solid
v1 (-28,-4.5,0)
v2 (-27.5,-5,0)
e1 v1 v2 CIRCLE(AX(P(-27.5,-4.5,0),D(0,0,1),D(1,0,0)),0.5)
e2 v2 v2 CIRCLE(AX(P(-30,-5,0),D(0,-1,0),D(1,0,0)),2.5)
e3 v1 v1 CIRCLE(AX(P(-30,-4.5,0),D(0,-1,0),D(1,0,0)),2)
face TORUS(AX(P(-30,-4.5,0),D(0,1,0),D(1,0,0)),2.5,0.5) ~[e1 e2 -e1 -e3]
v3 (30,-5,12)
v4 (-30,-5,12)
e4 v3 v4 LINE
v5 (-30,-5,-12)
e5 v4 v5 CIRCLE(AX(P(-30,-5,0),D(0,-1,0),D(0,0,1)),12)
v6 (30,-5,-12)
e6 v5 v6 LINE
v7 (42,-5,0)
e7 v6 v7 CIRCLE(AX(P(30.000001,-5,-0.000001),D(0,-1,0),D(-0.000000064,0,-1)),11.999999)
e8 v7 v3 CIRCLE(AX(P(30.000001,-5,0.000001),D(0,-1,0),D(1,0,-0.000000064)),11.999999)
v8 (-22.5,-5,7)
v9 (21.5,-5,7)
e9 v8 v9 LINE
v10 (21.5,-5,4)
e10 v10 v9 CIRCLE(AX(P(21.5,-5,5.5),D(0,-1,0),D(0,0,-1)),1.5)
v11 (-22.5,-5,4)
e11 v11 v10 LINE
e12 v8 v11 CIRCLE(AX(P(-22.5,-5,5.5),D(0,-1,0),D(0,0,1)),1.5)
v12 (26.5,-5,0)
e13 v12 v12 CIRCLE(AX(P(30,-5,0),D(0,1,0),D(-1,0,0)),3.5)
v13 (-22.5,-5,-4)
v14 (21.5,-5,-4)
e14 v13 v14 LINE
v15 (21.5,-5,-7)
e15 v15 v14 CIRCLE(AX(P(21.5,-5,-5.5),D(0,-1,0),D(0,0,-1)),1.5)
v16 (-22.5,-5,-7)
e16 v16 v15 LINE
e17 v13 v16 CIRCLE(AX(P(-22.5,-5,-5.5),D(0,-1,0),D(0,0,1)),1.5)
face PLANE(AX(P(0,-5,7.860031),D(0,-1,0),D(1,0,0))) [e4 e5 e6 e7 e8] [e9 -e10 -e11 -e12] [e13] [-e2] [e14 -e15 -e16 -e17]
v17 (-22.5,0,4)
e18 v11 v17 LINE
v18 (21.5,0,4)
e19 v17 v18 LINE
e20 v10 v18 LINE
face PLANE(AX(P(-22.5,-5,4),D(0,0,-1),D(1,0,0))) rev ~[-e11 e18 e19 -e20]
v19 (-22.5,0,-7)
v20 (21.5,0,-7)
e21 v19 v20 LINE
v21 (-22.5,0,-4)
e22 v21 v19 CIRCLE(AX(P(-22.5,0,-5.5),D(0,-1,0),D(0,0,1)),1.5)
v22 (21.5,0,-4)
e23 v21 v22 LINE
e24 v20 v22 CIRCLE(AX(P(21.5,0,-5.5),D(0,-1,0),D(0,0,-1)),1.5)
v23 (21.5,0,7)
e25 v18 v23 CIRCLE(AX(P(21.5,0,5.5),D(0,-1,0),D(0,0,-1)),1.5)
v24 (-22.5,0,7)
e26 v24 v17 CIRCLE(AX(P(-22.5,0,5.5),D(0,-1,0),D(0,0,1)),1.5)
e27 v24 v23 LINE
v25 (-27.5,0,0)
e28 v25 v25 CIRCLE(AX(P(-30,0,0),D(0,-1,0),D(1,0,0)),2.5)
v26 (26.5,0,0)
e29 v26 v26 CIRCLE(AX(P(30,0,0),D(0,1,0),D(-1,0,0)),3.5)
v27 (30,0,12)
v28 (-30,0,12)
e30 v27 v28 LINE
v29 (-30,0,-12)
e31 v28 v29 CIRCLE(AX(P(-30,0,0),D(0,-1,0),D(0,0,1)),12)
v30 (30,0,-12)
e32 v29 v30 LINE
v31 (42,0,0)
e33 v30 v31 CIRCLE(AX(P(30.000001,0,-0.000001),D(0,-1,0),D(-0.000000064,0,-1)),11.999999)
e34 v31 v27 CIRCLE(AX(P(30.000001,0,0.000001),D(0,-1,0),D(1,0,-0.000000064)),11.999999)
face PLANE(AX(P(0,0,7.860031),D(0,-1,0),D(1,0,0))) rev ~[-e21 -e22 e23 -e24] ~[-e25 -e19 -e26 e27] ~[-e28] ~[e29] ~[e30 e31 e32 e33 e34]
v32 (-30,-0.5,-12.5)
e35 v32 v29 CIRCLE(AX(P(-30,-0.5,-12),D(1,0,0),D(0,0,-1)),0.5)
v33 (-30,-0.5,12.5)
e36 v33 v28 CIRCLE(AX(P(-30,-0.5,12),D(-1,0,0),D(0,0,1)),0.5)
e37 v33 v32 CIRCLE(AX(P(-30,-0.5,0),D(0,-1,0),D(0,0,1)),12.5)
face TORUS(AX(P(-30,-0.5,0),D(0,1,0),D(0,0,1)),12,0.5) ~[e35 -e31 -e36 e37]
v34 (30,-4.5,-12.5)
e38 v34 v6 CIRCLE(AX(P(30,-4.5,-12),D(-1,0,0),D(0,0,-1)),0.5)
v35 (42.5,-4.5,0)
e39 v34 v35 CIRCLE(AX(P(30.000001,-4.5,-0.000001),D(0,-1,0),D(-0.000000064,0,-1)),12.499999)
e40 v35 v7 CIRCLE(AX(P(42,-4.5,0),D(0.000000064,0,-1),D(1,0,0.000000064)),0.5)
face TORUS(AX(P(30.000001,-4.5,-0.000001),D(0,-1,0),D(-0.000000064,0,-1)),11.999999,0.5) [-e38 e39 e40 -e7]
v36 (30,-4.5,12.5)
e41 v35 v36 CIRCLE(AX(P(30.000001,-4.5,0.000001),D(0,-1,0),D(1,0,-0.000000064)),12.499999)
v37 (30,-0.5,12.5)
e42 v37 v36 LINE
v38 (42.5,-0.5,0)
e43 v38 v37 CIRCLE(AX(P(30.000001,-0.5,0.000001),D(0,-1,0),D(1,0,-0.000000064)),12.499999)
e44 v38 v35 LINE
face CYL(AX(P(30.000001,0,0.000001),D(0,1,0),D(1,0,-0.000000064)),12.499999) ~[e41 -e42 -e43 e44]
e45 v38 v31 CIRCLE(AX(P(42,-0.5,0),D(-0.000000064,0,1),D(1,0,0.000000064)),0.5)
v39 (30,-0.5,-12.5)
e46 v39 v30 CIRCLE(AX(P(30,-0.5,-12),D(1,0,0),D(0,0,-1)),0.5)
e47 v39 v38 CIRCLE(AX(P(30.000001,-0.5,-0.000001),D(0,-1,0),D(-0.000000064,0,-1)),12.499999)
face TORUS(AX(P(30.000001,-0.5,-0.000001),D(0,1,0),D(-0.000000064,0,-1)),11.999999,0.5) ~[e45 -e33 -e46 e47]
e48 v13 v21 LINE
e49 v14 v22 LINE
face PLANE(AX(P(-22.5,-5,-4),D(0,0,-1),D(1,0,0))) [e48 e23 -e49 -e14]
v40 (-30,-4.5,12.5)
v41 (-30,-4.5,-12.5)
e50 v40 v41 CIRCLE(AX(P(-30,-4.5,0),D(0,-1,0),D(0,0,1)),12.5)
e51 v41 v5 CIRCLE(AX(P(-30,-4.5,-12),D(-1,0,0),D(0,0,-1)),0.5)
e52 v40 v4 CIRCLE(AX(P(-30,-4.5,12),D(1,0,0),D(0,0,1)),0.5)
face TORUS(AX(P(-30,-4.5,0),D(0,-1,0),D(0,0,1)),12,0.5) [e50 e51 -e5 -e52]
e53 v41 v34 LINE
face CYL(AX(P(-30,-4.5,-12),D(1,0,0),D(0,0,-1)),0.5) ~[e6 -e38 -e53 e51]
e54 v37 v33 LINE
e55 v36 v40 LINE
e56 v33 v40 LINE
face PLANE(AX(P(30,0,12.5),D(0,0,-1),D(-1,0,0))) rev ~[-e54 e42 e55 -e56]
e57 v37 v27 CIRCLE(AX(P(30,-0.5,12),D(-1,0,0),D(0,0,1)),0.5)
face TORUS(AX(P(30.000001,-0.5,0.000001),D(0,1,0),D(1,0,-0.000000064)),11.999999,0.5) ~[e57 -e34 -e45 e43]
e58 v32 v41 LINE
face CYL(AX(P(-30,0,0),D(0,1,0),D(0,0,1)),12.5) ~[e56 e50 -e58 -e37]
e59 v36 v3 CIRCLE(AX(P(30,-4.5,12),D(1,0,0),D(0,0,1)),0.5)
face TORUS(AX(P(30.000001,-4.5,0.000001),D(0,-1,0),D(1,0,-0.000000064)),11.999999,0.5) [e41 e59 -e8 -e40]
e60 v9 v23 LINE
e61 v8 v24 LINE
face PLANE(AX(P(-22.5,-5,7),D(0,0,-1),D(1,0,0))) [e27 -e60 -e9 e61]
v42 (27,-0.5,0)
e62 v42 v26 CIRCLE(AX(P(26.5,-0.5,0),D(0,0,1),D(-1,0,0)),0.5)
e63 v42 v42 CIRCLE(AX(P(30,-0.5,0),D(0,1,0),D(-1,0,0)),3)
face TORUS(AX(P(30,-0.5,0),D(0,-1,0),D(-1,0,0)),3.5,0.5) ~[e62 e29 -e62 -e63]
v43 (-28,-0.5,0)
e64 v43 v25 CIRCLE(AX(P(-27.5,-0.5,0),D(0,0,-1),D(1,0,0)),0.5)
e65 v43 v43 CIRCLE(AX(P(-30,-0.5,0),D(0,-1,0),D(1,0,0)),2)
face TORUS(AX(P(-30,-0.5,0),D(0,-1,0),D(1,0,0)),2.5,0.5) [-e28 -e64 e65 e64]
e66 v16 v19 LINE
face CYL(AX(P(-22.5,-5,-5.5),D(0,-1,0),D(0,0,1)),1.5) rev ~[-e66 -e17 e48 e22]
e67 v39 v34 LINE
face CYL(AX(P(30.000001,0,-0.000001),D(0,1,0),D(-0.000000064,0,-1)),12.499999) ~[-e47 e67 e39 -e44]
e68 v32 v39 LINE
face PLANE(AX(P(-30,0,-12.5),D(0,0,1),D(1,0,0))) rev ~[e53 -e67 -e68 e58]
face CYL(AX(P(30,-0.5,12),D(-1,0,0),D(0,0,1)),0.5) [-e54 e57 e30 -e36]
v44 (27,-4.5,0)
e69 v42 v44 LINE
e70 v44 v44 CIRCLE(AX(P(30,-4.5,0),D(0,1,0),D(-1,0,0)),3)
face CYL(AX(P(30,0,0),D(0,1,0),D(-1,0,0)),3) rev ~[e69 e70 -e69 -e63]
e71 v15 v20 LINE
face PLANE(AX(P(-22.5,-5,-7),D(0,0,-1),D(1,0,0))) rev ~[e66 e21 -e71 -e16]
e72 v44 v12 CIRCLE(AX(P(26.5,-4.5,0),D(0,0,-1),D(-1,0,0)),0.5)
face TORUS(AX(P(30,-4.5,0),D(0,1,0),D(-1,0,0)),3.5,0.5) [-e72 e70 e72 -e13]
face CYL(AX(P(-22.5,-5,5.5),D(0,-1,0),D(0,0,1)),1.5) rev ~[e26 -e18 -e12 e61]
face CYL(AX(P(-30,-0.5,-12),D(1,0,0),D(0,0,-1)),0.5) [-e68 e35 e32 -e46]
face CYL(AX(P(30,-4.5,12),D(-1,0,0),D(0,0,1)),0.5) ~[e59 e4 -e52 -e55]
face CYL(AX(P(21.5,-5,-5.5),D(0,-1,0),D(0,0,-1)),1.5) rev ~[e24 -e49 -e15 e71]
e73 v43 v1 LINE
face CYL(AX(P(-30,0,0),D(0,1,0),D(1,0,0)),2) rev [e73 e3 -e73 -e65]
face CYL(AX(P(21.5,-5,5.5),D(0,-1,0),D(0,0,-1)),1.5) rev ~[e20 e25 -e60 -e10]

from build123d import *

# Parameters (mm, degrees)
F0_R     = 2
F1_DEPTH = 5
F2_R     = 0.5
F3_W     = 44
F3_H     = 3
F4_DEPTH = 5.001


with BuildPart() as f1:
    # F0 (on Front) → F1 (new body)
    with BuildSketch(Plane.XZ):
        with BuildLine():
            Line((-17.5, 0), (0, 0))
            Line((0, 0), (17.5, 0))
            ThreePointArc((17.5, 0), (21.161165, 8.838835), (30, 12.5))
            Line((30, 12.5), (-30, 12.5))
            ThreePointArc((-30, 12.5), (-21.161165, 8.838835), (-17.5, 0))
        make_face()
        with BuildLine():
            Line((17.5, 0), (0, 0))
            Line((0, 0), (-17.5, 0))
            ThreePointArc((-17.5, 0), (-21.161165, -8.838835), (-30, -12.5))
            Line((-30, -12.5), (30, -12.5))
            ThreePointArc((30, -12.5), (21.161165, -8.838835), (17.5, 0))
        make_face()
        with BuildLine():
            ThreePointArc((30, 12.5), (21.161165, 8.838835), (17.5, 0))
            ThreePointArc((17.5, 0), (21.161165, -8.838835), (30, -12.5))
            ThreePointArc((30, -12.5), (38.838835, -8.838835), (42.5, 0))
            ThreePointArc((42.5, 0), (38.838835, 8.838835), (30, 12.5))
        make_face()
        with BuildLine():
            ThreePointArc((33, 0), (30, -3), (27, 0))
            ThreePointArc((27, 0), (30, 3), (33, 0))
        make_face(mode=Mode.SUBTRACT)
        with BuildLine():
            ThreePointArc((-30, -12.5), (-21.161165, -8.838835), (-17.5, 0))
            ThreePointArc((-17.5, 0), (-21.161165, 8.838835), (-30, 12.5))
            ThreePointArc((-30, 12.5), (-42.5, 0), (-30, -12.5))
        make_face()
        with Locations((-30, 0)):
            Circle(F0_R, mode=Mode.SUBTRACT)
    extrude(amount=F1_DEPTH)

    # F2
    f2_edges = [f1.edges().sort_by_distance(p)[0] for p in [
        (0, -5, 12.5),
        (-42.5, -5, 0),
        (0, -5, -12.5),
        (42.5, -5, 0),
        (33, -5, 0),
        (-32, -5, 0),
        (0, 0, 12.5),
        (-42.5, 0, 0),
        (0, 0, -12.5),
        (42.5, 0, 0),
        (33, 0, 0),
        (-32, 0, 0),
    ]]
    fillet(f2_edges, radius=F2_R)

    # F3 (on face) → F4 (cut, through all)
    with BuildSketch(Plane.XZ.offset(5)):
        with Locations((-0.5, 5.5)):
            Rectangle(F3_W, F3_H)
        with BuildLine():
            Line((-22.5, 4), (-22.5, 7))
            ThreePointArc((-22.5, 7), (-24, 5.5), (-22.5, 4))
        make_face()
        with BuildLine():
            ThreePointArc((21.5, 4), (23, 5.5), (21.5, 7))
            Line((21.5, 7), (21.5, 4))
        make_face()
        with BuildLine():
            ThreePointArc((21.5, -7), (23, -5.5), (21.5, -4))
            Line((21.5, -4), (21.5, -7))
        make_face()
        with Locations((-0.5, -5.5)):
            Rectangle(F3_W, F3_H)
        with BuildLine():
            Line((-22.5, -7), (-22.5, -4))
            ThreePointArc((-22.5, -4), (-24, -5.5), (-22.5, -7))
        make_face()
    extrude(amount=-F4_DEPTH, mode=Mode.SUBTRACT)


solid = f1.part
